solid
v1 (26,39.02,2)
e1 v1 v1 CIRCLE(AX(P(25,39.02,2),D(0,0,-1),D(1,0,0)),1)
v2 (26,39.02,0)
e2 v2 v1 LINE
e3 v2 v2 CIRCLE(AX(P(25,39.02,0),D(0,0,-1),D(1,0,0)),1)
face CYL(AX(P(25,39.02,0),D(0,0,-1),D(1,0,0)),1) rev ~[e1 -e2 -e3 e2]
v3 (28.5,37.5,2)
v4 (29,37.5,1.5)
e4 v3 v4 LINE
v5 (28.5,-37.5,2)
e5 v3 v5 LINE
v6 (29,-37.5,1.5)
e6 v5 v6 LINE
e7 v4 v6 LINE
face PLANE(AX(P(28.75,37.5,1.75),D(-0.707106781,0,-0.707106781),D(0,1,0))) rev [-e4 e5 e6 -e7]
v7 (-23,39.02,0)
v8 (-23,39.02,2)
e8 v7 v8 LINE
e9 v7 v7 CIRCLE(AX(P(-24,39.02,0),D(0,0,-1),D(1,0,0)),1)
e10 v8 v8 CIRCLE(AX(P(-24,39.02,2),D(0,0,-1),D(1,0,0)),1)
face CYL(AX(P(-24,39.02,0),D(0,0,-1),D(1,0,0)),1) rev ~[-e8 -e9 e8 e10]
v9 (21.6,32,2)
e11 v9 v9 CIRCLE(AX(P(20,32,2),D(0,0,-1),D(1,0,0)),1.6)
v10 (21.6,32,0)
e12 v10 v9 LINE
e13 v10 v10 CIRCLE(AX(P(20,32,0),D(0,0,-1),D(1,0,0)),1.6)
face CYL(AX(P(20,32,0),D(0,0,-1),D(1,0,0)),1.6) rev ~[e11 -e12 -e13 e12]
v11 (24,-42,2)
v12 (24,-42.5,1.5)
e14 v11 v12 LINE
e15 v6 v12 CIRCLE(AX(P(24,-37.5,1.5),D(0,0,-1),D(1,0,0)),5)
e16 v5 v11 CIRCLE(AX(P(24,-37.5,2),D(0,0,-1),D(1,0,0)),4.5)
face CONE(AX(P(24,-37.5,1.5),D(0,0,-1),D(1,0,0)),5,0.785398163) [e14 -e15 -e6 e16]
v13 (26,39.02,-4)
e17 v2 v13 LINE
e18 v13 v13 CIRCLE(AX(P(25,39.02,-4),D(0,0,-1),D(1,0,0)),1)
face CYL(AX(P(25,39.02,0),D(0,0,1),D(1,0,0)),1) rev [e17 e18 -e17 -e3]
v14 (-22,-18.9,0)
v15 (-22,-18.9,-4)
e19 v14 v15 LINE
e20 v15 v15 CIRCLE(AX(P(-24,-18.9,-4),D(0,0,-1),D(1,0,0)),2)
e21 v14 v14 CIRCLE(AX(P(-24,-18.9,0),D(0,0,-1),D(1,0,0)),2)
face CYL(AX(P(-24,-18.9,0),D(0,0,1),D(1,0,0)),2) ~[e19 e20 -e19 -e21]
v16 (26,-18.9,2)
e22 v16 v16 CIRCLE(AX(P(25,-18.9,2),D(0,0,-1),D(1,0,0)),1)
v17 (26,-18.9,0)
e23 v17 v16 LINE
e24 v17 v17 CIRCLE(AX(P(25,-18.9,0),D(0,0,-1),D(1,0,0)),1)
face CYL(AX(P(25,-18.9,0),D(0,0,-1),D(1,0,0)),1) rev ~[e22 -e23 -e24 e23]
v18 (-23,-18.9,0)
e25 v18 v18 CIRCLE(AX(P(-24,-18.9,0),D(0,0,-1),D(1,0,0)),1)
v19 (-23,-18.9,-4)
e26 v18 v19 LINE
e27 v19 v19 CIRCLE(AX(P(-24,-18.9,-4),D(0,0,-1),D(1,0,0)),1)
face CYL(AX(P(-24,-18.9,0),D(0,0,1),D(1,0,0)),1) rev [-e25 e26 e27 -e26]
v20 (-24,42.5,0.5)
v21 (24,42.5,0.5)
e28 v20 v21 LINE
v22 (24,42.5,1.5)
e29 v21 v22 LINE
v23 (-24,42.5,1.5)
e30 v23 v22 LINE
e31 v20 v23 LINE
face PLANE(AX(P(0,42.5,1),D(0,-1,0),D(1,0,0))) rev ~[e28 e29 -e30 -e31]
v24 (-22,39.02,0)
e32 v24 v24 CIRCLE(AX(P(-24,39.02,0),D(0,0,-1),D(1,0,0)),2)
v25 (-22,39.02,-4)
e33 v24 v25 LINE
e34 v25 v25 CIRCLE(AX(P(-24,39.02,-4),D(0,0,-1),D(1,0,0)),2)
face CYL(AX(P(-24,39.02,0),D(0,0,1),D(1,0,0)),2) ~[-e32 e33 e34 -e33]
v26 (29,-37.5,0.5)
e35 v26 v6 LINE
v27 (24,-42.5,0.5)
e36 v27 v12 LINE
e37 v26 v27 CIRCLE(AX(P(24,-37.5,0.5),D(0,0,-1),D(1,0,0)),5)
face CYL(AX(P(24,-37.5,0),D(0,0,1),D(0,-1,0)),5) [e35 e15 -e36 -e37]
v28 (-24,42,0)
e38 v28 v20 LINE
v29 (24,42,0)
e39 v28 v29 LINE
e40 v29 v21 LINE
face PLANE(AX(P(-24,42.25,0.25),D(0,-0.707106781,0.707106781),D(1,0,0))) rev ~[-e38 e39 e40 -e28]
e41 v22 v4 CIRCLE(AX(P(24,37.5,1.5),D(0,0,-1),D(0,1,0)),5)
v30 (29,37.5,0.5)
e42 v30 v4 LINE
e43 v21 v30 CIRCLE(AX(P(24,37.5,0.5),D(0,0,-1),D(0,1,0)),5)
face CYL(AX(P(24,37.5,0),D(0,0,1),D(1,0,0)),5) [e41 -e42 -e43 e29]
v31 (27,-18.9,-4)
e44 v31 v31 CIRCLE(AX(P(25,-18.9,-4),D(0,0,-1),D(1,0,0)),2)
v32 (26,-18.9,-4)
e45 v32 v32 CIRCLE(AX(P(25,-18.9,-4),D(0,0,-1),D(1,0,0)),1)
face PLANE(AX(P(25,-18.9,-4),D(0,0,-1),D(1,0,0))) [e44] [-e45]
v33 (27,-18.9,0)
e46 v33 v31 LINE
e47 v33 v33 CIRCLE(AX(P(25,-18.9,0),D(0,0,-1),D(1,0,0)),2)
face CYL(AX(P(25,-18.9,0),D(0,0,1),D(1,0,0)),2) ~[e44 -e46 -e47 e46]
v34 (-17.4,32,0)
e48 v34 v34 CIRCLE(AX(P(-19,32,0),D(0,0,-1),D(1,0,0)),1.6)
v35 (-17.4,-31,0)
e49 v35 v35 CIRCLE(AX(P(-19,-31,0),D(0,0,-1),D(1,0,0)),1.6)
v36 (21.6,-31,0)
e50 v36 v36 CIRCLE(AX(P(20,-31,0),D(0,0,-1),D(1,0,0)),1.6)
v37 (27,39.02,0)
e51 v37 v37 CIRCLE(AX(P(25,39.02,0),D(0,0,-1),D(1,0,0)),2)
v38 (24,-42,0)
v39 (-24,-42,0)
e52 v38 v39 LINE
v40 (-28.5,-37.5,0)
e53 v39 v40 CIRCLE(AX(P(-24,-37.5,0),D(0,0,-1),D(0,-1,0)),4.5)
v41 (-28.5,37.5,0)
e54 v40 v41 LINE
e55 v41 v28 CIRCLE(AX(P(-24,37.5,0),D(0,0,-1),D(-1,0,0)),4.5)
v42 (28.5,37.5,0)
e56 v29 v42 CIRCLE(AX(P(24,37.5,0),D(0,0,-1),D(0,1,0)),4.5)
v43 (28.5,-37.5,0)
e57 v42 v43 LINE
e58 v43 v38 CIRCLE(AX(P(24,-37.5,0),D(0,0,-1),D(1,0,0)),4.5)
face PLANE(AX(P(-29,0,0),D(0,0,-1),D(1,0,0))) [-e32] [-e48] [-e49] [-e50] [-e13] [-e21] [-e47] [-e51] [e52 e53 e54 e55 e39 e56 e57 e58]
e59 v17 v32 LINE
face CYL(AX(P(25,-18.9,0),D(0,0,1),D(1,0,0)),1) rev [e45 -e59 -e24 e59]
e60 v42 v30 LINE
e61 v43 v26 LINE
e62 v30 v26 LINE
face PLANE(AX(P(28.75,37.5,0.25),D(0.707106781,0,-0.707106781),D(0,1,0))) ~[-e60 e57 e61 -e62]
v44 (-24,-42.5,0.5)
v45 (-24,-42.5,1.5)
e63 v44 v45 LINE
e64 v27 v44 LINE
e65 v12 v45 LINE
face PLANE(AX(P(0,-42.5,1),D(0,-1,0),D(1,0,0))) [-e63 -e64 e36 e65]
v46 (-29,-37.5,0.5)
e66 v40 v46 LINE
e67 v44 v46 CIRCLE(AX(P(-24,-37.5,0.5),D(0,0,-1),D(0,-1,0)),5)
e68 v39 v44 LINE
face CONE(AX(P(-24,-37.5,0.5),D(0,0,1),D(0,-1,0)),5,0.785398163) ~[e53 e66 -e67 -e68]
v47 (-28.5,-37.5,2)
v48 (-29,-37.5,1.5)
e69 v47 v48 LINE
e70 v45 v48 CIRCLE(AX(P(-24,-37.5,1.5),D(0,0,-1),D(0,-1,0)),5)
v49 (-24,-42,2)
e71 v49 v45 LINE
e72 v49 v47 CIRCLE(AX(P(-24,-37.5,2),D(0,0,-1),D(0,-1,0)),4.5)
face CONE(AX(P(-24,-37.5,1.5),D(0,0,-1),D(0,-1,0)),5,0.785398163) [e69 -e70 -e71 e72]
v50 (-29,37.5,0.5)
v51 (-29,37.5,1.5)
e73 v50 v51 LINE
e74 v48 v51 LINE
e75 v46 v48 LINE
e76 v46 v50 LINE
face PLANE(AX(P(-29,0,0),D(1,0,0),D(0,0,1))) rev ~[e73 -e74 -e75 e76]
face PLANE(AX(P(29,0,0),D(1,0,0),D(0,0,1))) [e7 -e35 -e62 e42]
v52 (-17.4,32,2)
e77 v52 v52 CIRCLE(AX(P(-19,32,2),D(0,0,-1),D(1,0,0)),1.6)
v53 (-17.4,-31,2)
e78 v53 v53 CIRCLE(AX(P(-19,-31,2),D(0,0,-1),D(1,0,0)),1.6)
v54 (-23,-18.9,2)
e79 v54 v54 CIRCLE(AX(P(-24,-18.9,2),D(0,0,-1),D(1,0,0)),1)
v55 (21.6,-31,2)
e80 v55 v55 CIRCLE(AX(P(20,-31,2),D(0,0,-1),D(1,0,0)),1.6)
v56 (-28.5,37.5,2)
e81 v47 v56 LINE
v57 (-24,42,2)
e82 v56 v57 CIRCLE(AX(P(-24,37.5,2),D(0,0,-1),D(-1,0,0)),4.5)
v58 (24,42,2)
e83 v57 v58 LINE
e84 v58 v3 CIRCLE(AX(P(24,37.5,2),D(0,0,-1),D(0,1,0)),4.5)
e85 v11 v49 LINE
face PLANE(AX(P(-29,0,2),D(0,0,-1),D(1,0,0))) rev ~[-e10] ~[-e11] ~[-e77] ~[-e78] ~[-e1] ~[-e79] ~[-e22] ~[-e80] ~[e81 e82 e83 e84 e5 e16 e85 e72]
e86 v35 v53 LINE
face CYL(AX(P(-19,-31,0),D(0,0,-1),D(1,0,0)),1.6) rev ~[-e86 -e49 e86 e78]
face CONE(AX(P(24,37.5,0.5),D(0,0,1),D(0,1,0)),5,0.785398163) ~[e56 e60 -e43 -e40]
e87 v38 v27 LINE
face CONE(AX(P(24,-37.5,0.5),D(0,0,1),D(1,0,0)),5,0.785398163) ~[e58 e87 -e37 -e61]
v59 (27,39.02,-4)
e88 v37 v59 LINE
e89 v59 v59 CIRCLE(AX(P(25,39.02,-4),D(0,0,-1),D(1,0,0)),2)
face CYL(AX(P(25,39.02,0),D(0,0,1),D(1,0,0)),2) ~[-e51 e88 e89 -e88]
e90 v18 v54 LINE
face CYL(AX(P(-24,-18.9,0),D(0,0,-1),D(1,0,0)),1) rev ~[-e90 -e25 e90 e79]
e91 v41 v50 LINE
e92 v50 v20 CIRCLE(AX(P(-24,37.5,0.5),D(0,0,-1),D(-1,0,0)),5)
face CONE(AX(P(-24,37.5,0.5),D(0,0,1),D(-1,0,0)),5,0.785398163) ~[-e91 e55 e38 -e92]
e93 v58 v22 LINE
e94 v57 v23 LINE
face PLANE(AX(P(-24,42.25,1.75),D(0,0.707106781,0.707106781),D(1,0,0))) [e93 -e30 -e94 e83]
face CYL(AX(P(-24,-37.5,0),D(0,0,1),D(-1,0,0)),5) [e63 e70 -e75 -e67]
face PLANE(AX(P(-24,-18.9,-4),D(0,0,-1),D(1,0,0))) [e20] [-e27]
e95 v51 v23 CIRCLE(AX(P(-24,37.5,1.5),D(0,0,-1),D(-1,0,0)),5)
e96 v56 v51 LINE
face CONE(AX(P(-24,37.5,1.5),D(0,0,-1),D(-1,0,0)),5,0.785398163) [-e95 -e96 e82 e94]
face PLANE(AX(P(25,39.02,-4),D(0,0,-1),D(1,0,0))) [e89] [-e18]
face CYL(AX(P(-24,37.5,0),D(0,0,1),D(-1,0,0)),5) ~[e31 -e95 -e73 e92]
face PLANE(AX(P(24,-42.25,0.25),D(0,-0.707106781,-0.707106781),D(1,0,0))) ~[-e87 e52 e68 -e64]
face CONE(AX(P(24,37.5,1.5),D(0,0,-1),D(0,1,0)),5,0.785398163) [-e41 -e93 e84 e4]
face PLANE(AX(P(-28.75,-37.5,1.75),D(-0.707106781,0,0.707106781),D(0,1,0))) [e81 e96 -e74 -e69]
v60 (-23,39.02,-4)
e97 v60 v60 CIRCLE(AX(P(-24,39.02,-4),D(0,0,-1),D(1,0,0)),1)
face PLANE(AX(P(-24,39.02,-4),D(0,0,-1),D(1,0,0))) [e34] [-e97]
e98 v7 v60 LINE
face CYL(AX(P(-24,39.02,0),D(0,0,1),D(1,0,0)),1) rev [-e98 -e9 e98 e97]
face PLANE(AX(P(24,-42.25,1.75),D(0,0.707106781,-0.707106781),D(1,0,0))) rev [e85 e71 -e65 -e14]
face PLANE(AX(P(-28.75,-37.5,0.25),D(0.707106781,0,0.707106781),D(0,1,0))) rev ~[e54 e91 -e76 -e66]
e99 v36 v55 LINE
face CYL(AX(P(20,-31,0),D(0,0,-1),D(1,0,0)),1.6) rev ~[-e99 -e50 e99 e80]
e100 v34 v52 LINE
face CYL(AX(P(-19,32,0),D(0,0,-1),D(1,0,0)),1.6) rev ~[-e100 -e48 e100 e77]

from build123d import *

# Parameters (mm, degrees)
F0_W      = 58
F0_H      = 2
F1_DEPTH  = 42.5
F2_R      = 5
F3_R      = 2
F3_R_2    = 1
F4_DEPTH  = 4
F4_FACE_R = 1
F3_R_3    = 1.6
F5_DEPTH  = 2
F6_SIZE   = 0.5


with BuildPart() as f1:
    # F0 (on Front) → F1 (new body, symmetric)
    with BuildSketch(Plane.XZ):
        with Locations((0, 1)):
            Rectangle(F0_W, F0_H)
    extrude(amount=F1_DEPTH, both=True)

    # F2
    f2_edges = [f1.edges().sort_by_distance(p)[0] for p in [
        (-29, 42.5, 1),
        (29, 42.5, 1),
        (29, -42.5, 1),
        (-29, -42.5, 1),
    ]]
    fillet(f2_edges, radius=F2_R)

    # F3 (on face) → F4 (join)
    with BuildSketch(Plane(origin=(0, 0, 0), x_dir=(1, 0, 0), z_dir=(0, 0, -1))):
        with Locations((-24, -39.02)):
            Circle(F3_R)
        with Locations((-24, -39.02)):
            Circle(F3_R_2, mode=Mode.SUBTRACT)
        with Locations((-24, 18.9)):
            Circle(F3_R)
        with Locations((-24, 18.9)):
            Circle(F3_R_2, mode=Mode.SUBTRACT)
        with Locations((25, -39.02)):
            Circle(F3_R)
        with Locations((25, -39.02)):
            Circle(F3_R_2, mode=Mode.SUBTRACT)
        with Locations((25, 18.9)):
            Circle(F3_R)
        with Locations((25, 18.9)):
            Circle(F3_R_2, mode=Mode.SUBTRACT)
    extrude(amount=F4_DEPTH)

    # F4_face (on face) + F3 (on face) → F5 (cut, through all)
    with BuildSketch(Plane(origin=(-24, 39.02, 0), x_dir=(1, 0, 0), z_dir=(0, 0, -1))):
        Circle(F4_FACE_R)
        with Locations((0, 57.92)):
            Circle(F4_FACE_R)
        with Locations((49, 57.92)):
            Circle(F4_FACE_R)
        with Locations((49, 0)):
            Circle(F4_FACE_R)
    with BuildSketch(Plane(origin=(0, 0, 0), x_dir=(1, 0, 0), z_dir=(0, 0, -1))):
        with Locations((-19, -32)):
            Circle(F3_R_3)
        with Locations((20, -32)):
            Circle(F3_R_3)
        with Locations((-19, 31)):
            Circle(F3_R_3)
        with Locations((20, 31)):
            Circle(F3_R_3)
    extrude(amount=-F5_DEPTH, mode=Mode.SUBTRACT)

    # F6
    f6_edges = [f1.edges().sort_by_distance(p)[0] for p in [
        (0, 42.5, 2),
        (29, 0, 0),
    ]]
    chamfer(f6_edges, length=F6_SIZE)


solid = f1.part
